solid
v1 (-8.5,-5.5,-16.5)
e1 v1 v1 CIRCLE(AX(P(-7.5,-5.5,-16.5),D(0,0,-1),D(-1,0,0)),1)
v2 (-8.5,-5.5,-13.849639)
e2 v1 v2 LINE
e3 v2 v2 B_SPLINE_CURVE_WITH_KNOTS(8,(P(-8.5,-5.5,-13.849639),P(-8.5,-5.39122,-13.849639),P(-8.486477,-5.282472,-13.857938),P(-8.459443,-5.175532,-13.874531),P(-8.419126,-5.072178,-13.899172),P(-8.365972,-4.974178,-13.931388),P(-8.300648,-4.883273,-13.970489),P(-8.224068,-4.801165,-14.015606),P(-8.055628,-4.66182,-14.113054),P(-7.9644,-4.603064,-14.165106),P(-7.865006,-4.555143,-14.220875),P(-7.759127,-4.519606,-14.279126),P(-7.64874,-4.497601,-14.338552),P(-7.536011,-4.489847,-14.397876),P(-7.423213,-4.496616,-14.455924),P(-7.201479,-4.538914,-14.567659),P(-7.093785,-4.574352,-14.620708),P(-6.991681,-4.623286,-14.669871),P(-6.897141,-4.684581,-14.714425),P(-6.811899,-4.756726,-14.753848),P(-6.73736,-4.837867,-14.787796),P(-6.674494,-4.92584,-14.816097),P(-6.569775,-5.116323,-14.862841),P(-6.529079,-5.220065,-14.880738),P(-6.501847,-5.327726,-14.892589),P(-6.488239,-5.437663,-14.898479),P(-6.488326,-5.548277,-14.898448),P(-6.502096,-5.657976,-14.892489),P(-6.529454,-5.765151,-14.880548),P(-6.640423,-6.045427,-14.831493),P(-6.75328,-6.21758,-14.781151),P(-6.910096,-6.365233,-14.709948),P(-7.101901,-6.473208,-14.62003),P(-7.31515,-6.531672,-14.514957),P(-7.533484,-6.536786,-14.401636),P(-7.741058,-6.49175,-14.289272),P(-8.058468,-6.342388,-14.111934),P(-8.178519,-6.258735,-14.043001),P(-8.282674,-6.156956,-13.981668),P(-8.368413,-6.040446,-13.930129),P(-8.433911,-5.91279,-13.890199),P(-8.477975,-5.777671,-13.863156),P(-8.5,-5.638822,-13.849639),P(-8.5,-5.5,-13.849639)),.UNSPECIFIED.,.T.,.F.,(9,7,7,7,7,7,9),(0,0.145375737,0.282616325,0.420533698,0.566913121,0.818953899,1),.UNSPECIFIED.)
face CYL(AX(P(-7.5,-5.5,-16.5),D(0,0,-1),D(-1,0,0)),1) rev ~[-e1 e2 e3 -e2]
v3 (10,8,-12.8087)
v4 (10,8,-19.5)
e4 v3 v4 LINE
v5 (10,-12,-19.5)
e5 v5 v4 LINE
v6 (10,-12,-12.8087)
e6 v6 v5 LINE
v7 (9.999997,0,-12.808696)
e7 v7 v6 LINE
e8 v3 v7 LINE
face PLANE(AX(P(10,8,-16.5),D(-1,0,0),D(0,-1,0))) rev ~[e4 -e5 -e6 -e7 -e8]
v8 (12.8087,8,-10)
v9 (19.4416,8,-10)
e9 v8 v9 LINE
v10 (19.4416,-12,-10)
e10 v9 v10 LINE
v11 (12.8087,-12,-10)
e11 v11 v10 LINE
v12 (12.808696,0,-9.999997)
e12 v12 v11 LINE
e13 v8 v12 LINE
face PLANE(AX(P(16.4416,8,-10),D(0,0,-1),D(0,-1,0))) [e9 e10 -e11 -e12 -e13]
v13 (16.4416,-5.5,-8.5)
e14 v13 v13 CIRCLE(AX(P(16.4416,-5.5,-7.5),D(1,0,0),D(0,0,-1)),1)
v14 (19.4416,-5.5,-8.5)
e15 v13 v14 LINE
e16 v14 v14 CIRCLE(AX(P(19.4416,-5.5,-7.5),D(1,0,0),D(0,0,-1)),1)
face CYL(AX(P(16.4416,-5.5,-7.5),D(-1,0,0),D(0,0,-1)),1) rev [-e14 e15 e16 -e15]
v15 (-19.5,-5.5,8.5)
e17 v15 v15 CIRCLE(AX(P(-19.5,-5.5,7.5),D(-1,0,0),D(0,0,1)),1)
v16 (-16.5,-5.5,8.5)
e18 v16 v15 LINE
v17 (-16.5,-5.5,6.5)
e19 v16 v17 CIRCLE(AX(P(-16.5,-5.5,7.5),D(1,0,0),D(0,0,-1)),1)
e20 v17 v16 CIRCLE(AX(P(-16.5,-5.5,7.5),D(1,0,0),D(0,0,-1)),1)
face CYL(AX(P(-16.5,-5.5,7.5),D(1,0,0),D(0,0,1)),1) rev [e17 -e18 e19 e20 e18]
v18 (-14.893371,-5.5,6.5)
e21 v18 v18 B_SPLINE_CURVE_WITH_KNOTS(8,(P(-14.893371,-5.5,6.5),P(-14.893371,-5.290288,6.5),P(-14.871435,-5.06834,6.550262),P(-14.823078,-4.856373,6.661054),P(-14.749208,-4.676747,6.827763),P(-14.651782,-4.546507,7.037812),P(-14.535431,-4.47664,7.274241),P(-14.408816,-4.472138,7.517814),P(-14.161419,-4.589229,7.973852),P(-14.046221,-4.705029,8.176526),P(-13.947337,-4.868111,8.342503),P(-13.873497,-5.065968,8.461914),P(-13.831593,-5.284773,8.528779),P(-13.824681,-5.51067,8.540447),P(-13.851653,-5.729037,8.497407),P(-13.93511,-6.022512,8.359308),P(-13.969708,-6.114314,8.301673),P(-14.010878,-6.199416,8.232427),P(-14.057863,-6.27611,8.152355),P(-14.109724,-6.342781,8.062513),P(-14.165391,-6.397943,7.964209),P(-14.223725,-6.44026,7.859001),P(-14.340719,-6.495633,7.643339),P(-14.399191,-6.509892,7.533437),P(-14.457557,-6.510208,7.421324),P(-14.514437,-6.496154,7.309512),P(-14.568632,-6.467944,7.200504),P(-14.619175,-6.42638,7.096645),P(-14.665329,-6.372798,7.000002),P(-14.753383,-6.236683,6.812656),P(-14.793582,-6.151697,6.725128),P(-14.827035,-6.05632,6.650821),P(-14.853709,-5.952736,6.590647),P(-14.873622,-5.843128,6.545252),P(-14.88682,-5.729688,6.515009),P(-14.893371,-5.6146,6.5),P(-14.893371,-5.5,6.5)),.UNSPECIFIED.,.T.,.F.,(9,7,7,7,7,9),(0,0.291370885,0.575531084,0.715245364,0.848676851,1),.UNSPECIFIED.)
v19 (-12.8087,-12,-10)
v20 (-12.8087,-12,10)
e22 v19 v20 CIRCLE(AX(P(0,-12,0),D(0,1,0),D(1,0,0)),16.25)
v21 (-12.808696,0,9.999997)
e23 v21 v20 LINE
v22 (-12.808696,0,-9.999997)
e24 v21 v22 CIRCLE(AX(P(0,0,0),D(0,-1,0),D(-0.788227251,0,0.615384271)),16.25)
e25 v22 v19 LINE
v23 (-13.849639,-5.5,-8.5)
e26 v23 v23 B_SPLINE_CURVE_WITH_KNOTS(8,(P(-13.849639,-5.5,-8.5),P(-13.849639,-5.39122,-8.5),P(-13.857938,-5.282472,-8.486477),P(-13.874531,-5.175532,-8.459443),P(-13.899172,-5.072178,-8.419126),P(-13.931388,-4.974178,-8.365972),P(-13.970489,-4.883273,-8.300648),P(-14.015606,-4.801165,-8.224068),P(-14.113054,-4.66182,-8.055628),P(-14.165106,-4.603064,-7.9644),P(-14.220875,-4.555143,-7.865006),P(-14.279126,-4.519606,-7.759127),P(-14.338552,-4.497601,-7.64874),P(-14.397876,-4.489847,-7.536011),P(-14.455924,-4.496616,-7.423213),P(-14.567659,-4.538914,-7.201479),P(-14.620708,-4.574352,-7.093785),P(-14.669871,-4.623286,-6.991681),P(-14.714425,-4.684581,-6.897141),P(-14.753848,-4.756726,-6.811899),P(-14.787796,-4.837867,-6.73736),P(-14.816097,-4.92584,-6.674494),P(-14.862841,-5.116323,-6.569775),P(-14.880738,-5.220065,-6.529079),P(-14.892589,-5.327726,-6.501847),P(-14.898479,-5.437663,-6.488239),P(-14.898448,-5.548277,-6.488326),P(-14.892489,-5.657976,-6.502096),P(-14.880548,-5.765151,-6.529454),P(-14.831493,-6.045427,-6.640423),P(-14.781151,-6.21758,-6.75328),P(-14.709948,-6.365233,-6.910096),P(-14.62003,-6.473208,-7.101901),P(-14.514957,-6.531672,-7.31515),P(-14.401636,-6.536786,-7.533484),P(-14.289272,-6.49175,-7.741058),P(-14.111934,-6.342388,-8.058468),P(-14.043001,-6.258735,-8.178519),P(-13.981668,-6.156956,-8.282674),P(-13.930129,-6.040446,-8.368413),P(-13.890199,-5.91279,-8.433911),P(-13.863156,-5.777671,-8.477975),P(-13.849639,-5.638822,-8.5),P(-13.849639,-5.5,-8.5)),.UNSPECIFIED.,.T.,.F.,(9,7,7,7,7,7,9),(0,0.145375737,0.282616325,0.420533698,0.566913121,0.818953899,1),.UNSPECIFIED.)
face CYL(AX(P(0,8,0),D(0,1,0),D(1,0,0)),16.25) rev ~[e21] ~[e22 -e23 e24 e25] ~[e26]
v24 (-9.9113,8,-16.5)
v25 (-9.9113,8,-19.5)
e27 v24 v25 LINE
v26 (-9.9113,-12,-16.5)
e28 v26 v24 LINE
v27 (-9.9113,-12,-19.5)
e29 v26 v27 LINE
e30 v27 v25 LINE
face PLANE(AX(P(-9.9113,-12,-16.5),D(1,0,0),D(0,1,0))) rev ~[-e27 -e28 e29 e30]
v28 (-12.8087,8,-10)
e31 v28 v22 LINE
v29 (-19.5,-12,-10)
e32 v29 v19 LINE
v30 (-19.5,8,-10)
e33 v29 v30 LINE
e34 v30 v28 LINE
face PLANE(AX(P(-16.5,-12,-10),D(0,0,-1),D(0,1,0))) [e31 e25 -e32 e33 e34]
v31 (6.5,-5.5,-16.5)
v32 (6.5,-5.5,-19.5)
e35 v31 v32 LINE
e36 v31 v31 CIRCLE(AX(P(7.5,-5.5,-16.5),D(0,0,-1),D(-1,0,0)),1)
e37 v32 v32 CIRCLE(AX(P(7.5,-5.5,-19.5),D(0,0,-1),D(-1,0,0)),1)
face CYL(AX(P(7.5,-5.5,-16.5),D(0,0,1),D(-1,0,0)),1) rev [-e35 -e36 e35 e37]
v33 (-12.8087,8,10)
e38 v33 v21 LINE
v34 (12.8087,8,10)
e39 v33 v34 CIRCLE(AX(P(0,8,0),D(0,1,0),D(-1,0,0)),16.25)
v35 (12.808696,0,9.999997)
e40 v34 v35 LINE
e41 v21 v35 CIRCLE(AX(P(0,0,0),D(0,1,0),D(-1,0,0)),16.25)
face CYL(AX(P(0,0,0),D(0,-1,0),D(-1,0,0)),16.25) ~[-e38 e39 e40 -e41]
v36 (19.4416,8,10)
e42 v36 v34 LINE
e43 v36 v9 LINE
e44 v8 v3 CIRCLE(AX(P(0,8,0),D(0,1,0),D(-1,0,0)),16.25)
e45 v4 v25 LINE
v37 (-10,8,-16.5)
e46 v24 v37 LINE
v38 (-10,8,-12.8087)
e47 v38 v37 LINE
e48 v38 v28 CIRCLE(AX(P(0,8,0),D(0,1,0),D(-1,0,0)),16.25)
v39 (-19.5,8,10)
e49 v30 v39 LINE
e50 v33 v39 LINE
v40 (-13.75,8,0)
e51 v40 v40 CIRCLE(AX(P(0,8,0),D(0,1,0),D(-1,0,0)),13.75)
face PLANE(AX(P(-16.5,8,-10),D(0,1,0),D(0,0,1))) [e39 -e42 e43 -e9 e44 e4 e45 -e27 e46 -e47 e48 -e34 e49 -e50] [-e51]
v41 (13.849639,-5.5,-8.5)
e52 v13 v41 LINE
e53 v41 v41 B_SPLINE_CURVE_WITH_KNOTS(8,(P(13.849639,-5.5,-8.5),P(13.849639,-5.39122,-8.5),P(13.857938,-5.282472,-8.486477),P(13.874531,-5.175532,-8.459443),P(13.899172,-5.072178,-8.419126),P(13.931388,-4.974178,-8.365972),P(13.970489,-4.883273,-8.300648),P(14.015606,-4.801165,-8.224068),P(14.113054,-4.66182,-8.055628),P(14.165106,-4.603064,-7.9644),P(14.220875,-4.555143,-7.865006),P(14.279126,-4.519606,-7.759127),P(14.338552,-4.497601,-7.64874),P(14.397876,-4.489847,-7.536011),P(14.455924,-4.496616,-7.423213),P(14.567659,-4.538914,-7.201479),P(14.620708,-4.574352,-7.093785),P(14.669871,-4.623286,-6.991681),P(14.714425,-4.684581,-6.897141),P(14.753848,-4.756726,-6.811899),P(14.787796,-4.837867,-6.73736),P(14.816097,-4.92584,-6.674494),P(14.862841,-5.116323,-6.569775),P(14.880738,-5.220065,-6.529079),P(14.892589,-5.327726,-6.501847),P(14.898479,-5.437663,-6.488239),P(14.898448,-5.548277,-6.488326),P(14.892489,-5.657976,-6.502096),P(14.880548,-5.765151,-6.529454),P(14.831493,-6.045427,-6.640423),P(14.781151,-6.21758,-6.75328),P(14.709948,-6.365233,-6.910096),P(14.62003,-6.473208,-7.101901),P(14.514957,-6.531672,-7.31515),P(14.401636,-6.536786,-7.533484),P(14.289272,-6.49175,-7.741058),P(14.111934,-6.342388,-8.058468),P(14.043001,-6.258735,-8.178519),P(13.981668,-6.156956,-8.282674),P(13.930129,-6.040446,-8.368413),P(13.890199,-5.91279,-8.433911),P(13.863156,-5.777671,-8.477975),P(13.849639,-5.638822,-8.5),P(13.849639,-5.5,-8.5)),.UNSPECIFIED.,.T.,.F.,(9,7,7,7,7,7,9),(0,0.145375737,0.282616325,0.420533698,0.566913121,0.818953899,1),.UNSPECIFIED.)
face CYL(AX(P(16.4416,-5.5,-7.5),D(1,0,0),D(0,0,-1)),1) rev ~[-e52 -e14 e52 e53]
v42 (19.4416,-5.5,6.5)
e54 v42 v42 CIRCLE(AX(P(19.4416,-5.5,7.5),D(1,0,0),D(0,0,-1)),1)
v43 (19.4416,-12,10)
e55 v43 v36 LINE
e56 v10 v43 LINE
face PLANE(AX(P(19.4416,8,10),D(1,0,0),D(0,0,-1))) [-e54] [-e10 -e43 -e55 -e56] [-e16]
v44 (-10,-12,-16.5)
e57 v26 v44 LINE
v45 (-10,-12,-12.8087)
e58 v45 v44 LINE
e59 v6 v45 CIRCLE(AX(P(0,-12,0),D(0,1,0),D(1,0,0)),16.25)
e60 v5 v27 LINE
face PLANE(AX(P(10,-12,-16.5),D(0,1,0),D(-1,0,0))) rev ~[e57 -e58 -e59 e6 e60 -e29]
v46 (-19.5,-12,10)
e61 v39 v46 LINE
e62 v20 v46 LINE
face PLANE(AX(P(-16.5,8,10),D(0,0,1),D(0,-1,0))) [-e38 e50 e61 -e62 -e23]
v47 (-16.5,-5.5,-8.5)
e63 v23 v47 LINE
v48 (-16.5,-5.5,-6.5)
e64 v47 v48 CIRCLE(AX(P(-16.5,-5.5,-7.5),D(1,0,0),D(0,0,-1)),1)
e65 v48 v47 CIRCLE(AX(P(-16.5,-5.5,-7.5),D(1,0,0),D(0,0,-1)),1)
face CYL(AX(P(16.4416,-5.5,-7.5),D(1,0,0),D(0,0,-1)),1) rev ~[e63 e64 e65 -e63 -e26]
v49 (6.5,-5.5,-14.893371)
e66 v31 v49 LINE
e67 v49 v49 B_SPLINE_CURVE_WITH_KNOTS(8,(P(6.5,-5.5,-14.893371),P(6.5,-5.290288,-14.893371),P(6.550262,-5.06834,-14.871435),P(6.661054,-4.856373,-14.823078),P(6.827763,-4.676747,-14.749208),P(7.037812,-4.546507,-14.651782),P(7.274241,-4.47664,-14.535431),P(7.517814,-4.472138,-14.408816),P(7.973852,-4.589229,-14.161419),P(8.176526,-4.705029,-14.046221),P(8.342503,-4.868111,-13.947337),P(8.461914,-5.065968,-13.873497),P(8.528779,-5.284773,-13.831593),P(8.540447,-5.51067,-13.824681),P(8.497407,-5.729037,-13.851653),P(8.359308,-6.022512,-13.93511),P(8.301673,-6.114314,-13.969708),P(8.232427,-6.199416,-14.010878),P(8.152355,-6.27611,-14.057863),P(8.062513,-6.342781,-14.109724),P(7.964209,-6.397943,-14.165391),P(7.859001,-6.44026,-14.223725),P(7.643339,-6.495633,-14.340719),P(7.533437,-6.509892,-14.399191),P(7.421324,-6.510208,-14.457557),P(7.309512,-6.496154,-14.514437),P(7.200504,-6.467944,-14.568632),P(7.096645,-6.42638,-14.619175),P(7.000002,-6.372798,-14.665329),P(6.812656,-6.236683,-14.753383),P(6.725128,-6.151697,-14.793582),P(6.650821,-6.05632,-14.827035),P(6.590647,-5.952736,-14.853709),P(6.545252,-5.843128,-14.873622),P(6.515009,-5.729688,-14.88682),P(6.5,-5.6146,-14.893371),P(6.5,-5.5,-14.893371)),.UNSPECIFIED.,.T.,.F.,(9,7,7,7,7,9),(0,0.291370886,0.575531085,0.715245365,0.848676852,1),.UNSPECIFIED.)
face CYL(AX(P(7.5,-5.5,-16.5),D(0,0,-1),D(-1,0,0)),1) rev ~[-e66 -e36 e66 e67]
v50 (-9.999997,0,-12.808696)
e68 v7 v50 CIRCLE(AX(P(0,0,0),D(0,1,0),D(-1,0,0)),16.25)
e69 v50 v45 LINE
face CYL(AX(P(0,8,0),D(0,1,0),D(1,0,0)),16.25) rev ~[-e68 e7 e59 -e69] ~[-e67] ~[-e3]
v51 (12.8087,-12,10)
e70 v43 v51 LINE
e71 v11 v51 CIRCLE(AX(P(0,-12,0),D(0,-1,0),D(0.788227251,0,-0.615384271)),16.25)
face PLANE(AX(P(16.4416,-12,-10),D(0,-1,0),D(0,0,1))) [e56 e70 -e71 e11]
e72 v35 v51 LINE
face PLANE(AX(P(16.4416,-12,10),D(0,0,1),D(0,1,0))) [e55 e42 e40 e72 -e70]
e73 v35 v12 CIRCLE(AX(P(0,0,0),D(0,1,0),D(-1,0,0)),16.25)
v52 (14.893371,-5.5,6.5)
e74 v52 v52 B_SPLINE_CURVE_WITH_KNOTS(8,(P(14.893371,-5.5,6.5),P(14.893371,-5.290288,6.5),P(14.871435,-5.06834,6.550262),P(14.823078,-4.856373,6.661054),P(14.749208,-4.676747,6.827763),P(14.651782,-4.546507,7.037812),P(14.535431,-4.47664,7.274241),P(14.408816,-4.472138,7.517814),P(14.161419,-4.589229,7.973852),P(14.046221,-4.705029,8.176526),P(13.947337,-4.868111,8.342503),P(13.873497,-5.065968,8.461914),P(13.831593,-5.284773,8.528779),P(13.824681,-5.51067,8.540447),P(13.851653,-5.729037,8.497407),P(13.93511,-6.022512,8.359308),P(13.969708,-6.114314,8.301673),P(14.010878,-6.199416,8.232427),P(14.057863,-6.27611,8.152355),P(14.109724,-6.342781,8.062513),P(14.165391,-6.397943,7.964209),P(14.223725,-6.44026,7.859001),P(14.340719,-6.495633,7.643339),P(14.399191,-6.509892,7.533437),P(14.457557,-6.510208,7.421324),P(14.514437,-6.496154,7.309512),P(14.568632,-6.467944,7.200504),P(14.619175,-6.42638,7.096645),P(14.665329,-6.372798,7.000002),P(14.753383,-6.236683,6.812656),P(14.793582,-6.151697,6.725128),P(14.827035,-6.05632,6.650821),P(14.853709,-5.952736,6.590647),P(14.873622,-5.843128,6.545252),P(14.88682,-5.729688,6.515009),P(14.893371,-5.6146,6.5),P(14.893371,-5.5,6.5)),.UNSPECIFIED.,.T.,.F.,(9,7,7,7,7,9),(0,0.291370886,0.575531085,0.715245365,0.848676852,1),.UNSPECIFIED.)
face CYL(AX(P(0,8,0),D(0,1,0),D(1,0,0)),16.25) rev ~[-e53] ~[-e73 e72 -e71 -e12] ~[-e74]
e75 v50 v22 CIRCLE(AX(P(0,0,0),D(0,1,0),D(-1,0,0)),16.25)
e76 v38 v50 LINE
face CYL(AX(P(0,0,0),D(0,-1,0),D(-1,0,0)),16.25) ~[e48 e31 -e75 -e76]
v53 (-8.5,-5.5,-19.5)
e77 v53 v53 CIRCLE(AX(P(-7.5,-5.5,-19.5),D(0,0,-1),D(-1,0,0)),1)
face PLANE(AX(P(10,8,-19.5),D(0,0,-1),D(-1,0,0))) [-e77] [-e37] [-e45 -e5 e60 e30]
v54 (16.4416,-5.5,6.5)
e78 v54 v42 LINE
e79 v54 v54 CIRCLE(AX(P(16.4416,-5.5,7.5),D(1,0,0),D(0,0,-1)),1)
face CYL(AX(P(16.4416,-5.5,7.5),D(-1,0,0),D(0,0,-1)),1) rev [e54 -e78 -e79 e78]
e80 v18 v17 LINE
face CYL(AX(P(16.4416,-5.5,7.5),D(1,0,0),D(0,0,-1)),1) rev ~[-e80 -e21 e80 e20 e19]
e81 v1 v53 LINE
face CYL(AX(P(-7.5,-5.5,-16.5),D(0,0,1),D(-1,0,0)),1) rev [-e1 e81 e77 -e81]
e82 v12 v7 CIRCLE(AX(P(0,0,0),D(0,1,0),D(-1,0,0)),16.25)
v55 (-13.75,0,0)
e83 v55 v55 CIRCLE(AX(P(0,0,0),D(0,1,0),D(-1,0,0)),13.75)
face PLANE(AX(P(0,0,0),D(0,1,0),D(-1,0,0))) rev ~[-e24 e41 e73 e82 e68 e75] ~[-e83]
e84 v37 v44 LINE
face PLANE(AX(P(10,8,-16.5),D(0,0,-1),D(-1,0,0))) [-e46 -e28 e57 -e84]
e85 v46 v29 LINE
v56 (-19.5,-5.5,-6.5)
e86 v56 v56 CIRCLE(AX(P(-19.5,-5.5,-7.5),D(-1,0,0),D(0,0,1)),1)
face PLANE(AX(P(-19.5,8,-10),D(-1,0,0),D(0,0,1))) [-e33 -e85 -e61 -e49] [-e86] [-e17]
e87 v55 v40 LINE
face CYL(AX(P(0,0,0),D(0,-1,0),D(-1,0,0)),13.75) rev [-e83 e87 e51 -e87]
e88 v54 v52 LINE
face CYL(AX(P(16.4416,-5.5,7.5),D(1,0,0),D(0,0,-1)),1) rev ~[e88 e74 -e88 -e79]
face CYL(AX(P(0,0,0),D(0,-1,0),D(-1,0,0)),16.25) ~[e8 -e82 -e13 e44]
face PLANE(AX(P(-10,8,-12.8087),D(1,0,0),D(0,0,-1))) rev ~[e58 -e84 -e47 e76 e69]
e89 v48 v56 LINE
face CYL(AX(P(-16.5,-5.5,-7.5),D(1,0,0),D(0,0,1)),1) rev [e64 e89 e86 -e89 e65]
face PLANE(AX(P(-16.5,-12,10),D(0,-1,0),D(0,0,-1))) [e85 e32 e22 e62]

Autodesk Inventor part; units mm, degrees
ref_plane "YZ Plane" through (0, 0, 0) normal (1, 0, 0) x (0, 1, 0)
ref_plane "XZ Plane" through (0, 0, 0) normal (0, 1, 0) x (-1, 0, 0)
sketch "Sketch1" plane through (0, 0, 0) normal (0, 1, 0) x (-1, 0, 0)
  circle A0 centre (0, 0) radius 13.75
  circle A1 centre (0, 0) radius 16.25
  dimension "d0" = 27.5
  dimension "d5" = 32.5
sketch "Sketch2" plane through (0, 0, 0) normal (0, 1, 0) x (-1, 0, 0)
  line L0 (21.5, 21.5) -> (-21.5, 21.5)
  line L1 (-21.5, 21.5) -> (-21.5, -21.5)
  line L2 (-21.5, -21.5) -> (21.5, -21.5)
  line L3 (21.5, -21.5) -> (21.5, 21.5)
  point P0 (0, 0)
  dimension "d1" = 43
  dimension "d2" = 43
  dimension "d3" = 21.5
  dimension "d4" = 21.5
extrude "Extrusion1" add sketch "Sketch1" along normal blind 8
sketch "Sketch3" plane through (0, 8, 0) normal (0, 1, 0) x (1, 0, 0)
  line L0 (-17.7413, 16.25) -> (19.579, 16.25) construction
  line L1 (16.25, -18.4481) -> (16.25, 20.2858) construction
  line L2 (-16.25, -20.7099) -> (-16.25, 21.9822) construction
  line L3 (-16.5, 16.25) -> (16.5, 16.25) construction
  line L4 (16.5, 16.25) -> (16.5, 31.25) construction
  line L5 (16.5, 31.25) -> (-16.5, 31.25) construction
  line L6 (-16.5, 31.25) -> (-16.5, 16.25) construction
  circle A0 centre (0, 0) radius 16.25 projected
  line L7 (-16.25, -16.5) -> (-31.25, -16.5) construction
  line L8 (-31.25, -16.5) -> (-31.25, 16.5) construction
  line L9 (-31.25, 16.5) -> (-16.25, 16.5) construction
  line L10 (-16.25, 16.5) -> (-16.25, -16.5) construction
  line L11 (16.25, -16.5) -> (31.25, -16.5) construction
  line L12 (31.25, -16.5) -> (31.25, 16.5) construction
  line L13 (31.25, 16.5) -> (16.25, 16.5) construction
  line L14 (16.25, 16.5) -> (16.25, -16.5) construction
  line L15 (-16.5, -16.5) -> (16.25, -16.5)
  line L16 (16.5, 16.5) -> (16.5, 16.25)
  line L17 (-10, 12.8087) -> (-10, 16.5)
  line L18 (10, 12.8087) -> (10, 16.5)
  line L19 (16.5, 16.5) -> (-10, 16.5)
  line L20 (-16.25, 16.5) -> (-16.5, 16.5)
  line L21 (-16.5, 16.5) -> (-16.5, 16.25)
  line L22 (-16.5, 10) -> (-16.5, -10)
  line L23 (16.4416, -10) -> (16.4416, 10)
  circle A1 centre (0, 0) radius 16.25
  line L24 (-16.5, 10) -> (-12.8087, 10)
  line L25 (12.8087, 10) -> (16.4416, 10)
  line L26 (16.4416, -10) -> (12.8087, -10)
  line L27 (-12.8087, -10) -> (-16.5, -10)
  dimension "d8" = 33
  dimension "d9" = 15
  dimension "d10" = 16.5
  dimension "d11" = 15
  dimension "d12" = 16.5
  dimension "d13" = 33
  dimension "d14" = 16.5
  dimension "d15" = 15
  dimension "d16" = 33
  dimension "d20" = 10
  dimension "d21" = 10
extrude "Extrusion2" add sketch "Sketch3" against normal blind 20 contours A0 L25 L23 L26 | A0 L17 L19 L18 | L27 L22 L24 A0
sketch "Sketch4" plane through (16.4416, 8, 10) normal (1, 0, 0) x (0, 0, -1)
  line L0 (20, -20) -> (0, -20) projected
  line L1 (-3.75, 0) -> (23.75, 0) projected
  line L2 (-6.5, -20) -> (26.5, -20)
  line L3 (26.5, -20) -> (26.5, 0)
  line L4 (26.5, 0) -> (-6.5, 0)
  line L5 (-6.5, 0) -> (-6.5, -20)
  line L6 (10, 0) -> (10, -20) construction
  line L7 (2.5, 0) -> (2.5, -20) construction
  line L8 (17.5, 0) -> (17.5, -20) construction
  line L9 (-6.5, -13.5) -> (26.5, -13.5) construction
  line L10 (22.8087, -8) -> (20, -8) projected
  circle A0 centre (2.5, -13.5) radius 1
  circle A1 centre (17.5, -13.5) radius 1
  point P0 (10, -8)
  dimension "d26" = 33
  dimension "d27" = 20
  dimension "d28" = 16.5
  dimension "d29" = 7.5
  dimension "d30" = 7.5
  dimension "d31" = 5.5
  dimension "d32" = 2
  dimension "d33" = 2
extrude "Extrusion3" cut sketch "Sketch4" against normal through all contours A0 | A1
sketch "Sketch5" plane through (10, 8, -16.5) normal (0, 0, -1) x (-1, 0, 0)
  line L0 (-10.5226, -13.5) -> (32.3111, -13.5) construction
  line L1 (0, -8) -> (-2.8087, -8) projected
  circle A0 centre (2.5, -13.5) radius 1
  circle A1 centre (17.5, -13.5) radius 1
  point P0 (10, -8)
  dimension "d36" = 5.5
  dimension "d37" = 2
  dimension "d38" = 2
  dimension "d39" = 7.5
  dimension "d40" = 7.5
extrude "Extrusion4" cut sketch "Sketch5" against normal through all
ref_plane "Work Plane1" through (0, 0, 16.25) normal (0, 0, 1) x (1, 0, 0)
sketch "Sketch9" plane through (16.4416, 8, 10) normal (1, 0, 0) x (0, 0, -1)
  line L0 (0, 0) -> (-6.25, 0) projected
  line L1 (20, -20) -> (0, -20) projected
  line L2 (0, 0) -> (20, 0)
  line L3 (20, 0) -> (20, -20)
  line L4 (20, -20) -> (0, -20)
  line L5 (0, -20) -> (0, 0)
  circle A0 centre (2.5, -13.5) radius 1 projected
  circle A1 centre (2.5, -13.5) radius 1
  circle A2 centre (17.5, -13.5) radius 1 projected
  circle A3 centre (17.5, -13.5) radius 1
  point P0 (10, -8)
extrude "Extrusion7" add sketch "Sketch9" along normal blind 3
sketch "Sketch10" plane through (10, 8, -16.5) normal (0, 0, -1) x (-1, 0, 0)
  line L0 (-3.75, 0) -> (23.75, 0) projected
  line L1 (0, -8) -> (0, -20) projected
  line L2 (19.9113, 0) -> (0, 0)
  line L3 (0, 0) -> (0, -20)
  line L4 (0, -20) -> (19.9113, -20)
  line L5 (19.9113, -20) -> (19.9113, 0)
  circle A0 centre (17.5, -13.5) radius 1 projected
  circle A1 centre (17.5, -13.5) radius 1
  circle A2 centre (2.5, -13.5) radius 1 projected
  circle A3 centre (2.5, -13.5) radius 1
  point P0 (10, -8)
extrude "Extrusion8" add sketch "Sketch10" along normal blind 3
sketch "Sketch11" plane through (-16.5, 8, -10) normal (-1, 0, 0) x (0, 0, 1)
  line L0 (0, 0) -> (-2.8087, 0) projected
  line L1 (20, -20) -> (0, -20) projected
  line L2 (0, 0) -> (20, 0)
  line L3 (20, 0) -> (20, -20)
  line L4 (20, -20) -> (0, -20)
  line L5 (0, -20) -> (0, 0)
  circle A0 centre (17.5, -13.5) radius 1 projected
  circle A1 centre (17.5, -13.5) radius 1
  circle A2 centre (2.5, -13.5) radius 1 projected
  circle A3 centre (2.5, -13.5) radius 1
  point P0 (10, -8)
extrude "Extrusion9" add sketch "Sketch11" along normal blind 3
sketch "Sketch6" plane through (0, 0, 16.25) normal (0, 0, 1) x (1, 0, 0)
  line L0 (10, 8) -> (-10, 8) projected
  line L1 (-10.5, 8) -> (10.5, 8)
  line L2 (10.5, 8) -> (10.5, -23)
  line L3 (10.5, -23) -> (-10.5, -23)
  line L4 (-10.5, -23) -> (-10.5, 8)
  circle A0 centre (-5.7, -21) radius 1
  circle A1 centre (5.7, -21) radius 1
  point P0 (0, 0)
  dimension "d44" = 21
  dimension "d45" = 10.5
  dimension "d46" = 31
  dimension "d47" = 2
  dimension "d48" = 2
  dimension "d49" = 4.8
  dimension "d50" = 4.8
  dimension "d51" = 2
  dimension "d52" = 2
sketch "Sketch7" plane through (16.4416, 8, 10) normal (1, 0, 0) x (0, 0, -1)
  line L0 (0, -8) -> (0, -20) projected
  line L1 (20, -8) -> (20, 0) projected
  line L2 (0, -20) -> (20, -20)
  line L3 (20, -20) -> (20, 0)
  line L4 (20, 0) -> (0, 0)
  line L5 (0, 0) -> (0, -20)
  circle A0 centre (2.5, -13.5) radius 1 projected
  circle A1 centre (2.5, -13.5) radius 1
  circle A2 centre (17.5, -13.5) radius 1 projected
  circle A3 centre (17.5, -13.5) radius 1
  point P0 (10, -8)
properties part number "Battery and PI holder"
